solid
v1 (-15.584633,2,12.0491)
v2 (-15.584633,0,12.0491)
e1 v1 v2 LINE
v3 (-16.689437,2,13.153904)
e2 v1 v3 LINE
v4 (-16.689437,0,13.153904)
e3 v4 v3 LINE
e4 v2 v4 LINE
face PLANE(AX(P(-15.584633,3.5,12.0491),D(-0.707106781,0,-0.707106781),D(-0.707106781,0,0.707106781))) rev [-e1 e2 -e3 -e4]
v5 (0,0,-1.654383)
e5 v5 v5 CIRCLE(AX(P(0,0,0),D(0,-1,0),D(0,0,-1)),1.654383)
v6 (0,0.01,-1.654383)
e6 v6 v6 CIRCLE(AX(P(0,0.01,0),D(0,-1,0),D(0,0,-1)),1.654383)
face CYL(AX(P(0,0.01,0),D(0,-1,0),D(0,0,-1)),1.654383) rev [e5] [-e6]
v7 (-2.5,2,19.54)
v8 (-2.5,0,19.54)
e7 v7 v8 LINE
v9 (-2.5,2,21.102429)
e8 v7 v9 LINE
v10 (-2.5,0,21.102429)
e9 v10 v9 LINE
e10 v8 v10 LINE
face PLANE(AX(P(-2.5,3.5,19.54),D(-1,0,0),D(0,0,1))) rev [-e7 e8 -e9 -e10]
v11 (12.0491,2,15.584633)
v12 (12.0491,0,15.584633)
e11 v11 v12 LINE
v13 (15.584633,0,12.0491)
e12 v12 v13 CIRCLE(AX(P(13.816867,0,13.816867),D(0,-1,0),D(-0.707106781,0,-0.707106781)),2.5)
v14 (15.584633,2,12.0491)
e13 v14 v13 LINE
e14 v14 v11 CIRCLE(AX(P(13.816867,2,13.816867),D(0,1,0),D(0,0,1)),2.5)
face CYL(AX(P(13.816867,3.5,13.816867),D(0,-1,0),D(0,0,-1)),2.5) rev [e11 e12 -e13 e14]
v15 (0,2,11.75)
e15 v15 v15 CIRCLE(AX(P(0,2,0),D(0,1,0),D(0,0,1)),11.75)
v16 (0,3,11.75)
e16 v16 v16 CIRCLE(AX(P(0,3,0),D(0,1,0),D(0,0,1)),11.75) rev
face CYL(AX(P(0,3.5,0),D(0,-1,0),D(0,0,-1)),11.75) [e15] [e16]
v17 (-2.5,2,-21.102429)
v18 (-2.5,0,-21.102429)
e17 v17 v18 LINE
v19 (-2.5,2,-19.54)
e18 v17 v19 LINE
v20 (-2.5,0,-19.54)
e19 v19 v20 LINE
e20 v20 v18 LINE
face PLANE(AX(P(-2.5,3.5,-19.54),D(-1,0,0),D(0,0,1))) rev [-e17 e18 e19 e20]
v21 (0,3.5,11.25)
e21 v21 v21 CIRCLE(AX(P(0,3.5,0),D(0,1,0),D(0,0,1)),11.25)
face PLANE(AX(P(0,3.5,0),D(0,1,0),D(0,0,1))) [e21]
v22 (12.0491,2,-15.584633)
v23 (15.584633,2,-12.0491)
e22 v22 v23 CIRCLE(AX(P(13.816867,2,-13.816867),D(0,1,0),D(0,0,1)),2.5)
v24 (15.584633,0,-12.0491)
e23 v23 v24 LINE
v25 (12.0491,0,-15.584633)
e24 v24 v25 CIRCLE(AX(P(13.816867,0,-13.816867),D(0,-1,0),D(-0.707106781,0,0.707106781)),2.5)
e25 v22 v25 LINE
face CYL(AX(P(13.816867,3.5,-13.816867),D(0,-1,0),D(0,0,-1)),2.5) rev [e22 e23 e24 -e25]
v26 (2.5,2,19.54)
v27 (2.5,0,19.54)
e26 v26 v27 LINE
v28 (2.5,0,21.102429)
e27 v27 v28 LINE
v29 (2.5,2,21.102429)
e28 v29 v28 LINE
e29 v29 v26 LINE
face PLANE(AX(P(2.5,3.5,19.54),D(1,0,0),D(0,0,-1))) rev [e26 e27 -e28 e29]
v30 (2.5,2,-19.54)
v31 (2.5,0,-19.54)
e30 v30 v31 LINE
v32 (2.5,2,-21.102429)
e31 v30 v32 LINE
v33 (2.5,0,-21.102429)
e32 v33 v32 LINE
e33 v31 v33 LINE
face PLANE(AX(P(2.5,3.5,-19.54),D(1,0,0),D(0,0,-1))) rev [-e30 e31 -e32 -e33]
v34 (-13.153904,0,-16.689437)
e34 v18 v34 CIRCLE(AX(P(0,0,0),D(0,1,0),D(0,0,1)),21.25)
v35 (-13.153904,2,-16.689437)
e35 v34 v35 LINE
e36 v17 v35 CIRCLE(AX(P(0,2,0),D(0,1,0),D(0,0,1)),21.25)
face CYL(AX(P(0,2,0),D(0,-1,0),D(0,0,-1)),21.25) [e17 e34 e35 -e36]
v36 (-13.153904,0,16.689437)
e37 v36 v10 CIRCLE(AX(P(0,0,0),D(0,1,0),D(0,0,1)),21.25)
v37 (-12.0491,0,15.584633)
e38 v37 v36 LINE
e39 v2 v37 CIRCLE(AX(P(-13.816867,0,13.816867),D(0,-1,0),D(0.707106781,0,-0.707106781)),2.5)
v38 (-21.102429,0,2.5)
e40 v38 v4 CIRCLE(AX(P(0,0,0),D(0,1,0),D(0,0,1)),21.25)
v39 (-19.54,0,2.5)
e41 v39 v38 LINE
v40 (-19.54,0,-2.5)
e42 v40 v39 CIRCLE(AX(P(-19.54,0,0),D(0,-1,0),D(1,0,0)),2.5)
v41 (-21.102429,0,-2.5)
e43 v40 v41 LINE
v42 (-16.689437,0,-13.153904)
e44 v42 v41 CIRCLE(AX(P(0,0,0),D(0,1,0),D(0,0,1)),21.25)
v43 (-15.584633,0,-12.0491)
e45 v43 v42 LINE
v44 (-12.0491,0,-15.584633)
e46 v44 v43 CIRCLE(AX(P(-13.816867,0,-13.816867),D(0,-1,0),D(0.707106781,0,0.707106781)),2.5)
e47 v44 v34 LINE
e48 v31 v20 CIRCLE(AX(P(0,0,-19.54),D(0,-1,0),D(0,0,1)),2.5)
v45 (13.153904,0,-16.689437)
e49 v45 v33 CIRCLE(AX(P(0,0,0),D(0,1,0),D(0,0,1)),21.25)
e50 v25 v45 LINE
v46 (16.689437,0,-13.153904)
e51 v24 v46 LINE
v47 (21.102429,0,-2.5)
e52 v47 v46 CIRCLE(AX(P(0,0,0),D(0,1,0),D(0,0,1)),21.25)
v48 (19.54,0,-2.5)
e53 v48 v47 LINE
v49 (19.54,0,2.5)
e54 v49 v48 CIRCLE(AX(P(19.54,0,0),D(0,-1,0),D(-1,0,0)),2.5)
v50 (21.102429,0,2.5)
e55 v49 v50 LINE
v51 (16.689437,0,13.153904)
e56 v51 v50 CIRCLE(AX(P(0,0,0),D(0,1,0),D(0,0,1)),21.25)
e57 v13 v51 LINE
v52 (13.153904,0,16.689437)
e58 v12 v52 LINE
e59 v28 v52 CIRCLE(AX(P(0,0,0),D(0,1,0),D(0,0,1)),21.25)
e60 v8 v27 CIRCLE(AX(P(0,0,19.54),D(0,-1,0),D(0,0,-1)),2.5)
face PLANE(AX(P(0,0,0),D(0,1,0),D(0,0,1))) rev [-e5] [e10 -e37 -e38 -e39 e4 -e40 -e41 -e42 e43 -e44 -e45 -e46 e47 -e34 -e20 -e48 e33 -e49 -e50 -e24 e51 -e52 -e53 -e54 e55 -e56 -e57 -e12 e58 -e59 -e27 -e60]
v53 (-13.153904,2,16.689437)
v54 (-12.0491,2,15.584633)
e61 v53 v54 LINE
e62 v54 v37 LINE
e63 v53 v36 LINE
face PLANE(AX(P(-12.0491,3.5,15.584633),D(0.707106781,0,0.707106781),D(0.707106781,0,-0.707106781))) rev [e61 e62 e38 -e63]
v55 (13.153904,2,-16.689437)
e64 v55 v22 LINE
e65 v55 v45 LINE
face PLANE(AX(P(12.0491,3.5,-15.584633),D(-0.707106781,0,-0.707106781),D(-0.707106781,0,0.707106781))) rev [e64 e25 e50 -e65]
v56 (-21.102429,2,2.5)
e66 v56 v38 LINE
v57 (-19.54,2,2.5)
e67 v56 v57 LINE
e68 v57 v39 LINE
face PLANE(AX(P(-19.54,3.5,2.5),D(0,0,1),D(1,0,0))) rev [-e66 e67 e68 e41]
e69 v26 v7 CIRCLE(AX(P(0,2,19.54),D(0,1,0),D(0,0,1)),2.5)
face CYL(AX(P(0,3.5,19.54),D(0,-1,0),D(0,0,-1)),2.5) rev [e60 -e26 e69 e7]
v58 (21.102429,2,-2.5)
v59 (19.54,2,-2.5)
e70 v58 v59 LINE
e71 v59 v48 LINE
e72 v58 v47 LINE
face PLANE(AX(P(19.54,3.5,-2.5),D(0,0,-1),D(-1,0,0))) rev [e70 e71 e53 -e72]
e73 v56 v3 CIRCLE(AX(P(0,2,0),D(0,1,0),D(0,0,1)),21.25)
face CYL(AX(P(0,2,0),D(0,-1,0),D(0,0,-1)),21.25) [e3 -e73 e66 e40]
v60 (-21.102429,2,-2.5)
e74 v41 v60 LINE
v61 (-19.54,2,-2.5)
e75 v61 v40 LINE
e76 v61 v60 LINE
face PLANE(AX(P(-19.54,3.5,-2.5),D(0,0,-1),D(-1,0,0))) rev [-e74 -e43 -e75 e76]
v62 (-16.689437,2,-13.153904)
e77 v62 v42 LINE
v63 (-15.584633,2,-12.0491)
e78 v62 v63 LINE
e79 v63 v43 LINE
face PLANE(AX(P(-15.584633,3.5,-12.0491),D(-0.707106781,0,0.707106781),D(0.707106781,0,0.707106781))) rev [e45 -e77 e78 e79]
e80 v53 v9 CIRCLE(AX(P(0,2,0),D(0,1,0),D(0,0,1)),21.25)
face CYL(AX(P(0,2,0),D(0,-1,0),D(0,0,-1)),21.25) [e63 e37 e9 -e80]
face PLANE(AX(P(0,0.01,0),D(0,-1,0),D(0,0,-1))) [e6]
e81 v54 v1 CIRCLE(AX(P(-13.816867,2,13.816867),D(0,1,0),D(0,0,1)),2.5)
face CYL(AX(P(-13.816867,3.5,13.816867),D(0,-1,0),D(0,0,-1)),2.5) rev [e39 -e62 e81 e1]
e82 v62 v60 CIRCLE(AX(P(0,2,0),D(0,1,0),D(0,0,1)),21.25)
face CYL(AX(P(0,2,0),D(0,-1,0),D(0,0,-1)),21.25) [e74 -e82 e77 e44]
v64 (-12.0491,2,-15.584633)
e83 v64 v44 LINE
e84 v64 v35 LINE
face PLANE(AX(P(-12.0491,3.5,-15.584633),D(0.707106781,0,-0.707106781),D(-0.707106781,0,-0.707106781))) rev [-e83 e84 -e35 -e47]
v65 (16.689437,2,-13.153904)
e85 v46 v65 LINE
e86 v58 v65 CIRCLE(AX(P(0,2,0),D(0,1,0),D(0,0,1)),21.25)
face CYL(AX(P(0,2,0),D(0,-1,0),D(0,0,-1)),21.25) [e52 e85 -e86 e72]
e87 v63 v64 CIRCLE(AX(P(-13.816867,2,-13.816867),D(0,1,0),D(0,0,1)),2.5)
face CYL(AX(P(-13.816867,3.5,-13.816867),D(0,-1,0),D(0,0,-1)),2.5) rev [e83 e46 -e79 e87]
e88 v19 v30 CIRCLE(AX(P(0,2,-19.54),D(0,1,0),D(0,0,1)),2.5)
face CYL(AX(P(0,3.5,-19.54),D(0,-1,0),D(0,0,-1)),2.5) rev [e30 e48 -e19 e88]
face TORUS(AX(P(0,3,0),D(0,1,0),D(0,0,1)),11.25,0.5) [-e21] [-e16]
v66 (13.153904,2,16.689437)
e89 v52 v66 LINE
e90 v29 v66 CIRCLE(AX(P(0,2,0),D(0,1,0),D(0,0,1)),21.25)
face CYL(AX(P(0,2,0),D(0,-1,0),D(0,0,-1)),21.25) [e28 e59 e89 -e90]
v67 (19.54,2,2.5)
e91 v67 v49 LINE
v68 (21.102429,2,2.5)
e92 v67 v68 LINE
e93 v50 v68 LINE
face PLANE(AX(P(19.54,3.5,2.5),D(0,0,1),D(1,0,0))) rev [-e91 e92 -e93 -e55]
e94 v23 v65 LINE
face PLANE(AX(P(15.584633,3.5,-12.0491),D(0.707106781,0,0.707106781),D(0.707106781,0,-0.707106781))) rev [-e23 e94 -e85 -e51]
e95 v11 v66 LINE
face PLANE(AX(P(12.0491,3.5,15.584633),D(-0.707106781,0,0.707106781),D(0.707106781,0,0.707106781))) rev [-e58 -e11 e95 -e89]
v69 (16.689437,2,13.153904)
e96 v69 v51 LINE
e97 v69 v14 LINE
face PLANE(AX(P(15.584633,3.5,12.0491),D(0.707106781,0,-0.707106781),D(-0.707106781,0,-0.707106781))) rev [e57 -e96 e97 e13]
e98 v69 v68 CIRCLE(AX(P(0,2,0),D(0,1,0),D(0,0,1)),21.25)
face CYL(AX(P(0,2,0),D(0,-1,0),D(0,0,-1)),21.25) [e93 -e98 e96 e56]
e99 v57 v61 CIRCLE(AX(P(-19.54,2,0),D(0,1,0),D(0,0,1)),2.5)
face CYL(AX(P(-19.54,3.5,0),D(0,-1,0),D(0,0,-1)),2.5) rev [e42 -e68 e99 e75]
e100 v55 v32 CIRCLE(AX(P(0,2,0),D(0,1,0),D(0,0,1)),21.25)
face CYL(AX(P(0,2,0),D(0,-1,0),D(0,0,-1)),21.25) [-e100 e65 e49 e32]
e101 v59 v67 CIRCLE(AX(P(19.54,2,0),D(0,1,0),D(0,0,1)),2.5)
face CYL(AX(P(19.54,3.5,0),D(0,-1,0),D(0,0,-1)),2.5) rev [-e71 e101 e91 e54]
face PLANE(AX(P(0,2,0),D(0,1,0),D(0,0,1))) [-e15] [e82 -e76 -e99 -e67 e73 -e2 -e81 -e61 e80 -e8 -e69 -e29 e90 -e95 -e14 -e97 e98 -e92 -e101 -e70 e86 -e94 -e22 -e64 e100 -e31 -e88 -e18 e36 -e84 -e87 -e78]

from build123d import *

# Parameters (mm, degrees)
SKETCH1_R           = 21.25
BOSS_EXTRUDE1_DEPTH = 2
SKETCH2_R           = 11.75
BOSS_EXTRUDE2_DEPTH = 1.5
FILLET1_R           = 0.5
CUT_EXTRUDE2_DEPTH  = 4.5
SKETCH5_R           = 1.654382936
CUT_EXTRUDE3_DEPTH  = 0.01
CIRPATTERN1_COUNT   = 8


with BuildPart() as part:
    # Sketch1 → Boss-Extrude1 (new body)
    with BuildSketch(Plane(origin=(0, 0, 0), x_dir=(1, 0, 0), z_dir=(0, 1, 0))):
        Circle(SKETCH1_R)
    extrude(amount=BOSS_EXTRUDE1_DEPTH)

    # Sketch2 → Boss-Extrude2 (add)
    with BuildSketch(Plane(origin=(0, 2, 0), x_dir=(1, 0, 0), z_dir=(0, 1, 0))):
        Circle(SKETCH2_R)
    extrude(amount=BOSS_EXTRUDE2_DEPTH)

    # Fillet1
    fillet1_edges = [part.edges().sort_by_distance(p)[0] for p in [
        (-11.75, 3.5, 0),
    ]]
    fillet(fillet1_edges, radius=FILLET1_R)

    # Sketch4 → Cut-Extrude2 (cut, through all)
    with BuildSketch(Plane.XZ):
        with BuildLine():
            Line((-2.5, 19.54), (-2.5, 23.75))
            Line((-2.5, 23.75), (2.5, 23.75))
            Line((2.5, 23.75), (2.5, 19.54))
            ThreePointArc((2.5, 19.54), (0, 17.04), (-2.5, 19.54))
        make_face()
    cut_extrude2 = extrude(amount=-CUT_EXTRUDE2_DEPTH, mode=Mode.SUBTRACT)

    # Sketch5 → Cut-Extrude3 (cut)
    with BuildSketch(Plane(origin=(0, 0, 0), x_dir=(-1, 0, 0), z_dir=(0, -1, 0))):
        Circle(SKETCH5_R)
    extrude(amount=-CUT_EXTRUDE3_DEPTH, mode=Mode.SUBTRACT)

    # CirPattern1: Cut-Extrude2 ×8 about axis
    cirpattern1_axis = Axis((0, 0, 0), (0, 1, 0))
    for i in range(1, CIRPATTERN1_COUNT):
        add(cut_extrude2.rotate(cirpattern1_axis, i * 360 / CIRPATTERN1_COUNT), mode=Mode.SUBTRACT)


solid = part.part
